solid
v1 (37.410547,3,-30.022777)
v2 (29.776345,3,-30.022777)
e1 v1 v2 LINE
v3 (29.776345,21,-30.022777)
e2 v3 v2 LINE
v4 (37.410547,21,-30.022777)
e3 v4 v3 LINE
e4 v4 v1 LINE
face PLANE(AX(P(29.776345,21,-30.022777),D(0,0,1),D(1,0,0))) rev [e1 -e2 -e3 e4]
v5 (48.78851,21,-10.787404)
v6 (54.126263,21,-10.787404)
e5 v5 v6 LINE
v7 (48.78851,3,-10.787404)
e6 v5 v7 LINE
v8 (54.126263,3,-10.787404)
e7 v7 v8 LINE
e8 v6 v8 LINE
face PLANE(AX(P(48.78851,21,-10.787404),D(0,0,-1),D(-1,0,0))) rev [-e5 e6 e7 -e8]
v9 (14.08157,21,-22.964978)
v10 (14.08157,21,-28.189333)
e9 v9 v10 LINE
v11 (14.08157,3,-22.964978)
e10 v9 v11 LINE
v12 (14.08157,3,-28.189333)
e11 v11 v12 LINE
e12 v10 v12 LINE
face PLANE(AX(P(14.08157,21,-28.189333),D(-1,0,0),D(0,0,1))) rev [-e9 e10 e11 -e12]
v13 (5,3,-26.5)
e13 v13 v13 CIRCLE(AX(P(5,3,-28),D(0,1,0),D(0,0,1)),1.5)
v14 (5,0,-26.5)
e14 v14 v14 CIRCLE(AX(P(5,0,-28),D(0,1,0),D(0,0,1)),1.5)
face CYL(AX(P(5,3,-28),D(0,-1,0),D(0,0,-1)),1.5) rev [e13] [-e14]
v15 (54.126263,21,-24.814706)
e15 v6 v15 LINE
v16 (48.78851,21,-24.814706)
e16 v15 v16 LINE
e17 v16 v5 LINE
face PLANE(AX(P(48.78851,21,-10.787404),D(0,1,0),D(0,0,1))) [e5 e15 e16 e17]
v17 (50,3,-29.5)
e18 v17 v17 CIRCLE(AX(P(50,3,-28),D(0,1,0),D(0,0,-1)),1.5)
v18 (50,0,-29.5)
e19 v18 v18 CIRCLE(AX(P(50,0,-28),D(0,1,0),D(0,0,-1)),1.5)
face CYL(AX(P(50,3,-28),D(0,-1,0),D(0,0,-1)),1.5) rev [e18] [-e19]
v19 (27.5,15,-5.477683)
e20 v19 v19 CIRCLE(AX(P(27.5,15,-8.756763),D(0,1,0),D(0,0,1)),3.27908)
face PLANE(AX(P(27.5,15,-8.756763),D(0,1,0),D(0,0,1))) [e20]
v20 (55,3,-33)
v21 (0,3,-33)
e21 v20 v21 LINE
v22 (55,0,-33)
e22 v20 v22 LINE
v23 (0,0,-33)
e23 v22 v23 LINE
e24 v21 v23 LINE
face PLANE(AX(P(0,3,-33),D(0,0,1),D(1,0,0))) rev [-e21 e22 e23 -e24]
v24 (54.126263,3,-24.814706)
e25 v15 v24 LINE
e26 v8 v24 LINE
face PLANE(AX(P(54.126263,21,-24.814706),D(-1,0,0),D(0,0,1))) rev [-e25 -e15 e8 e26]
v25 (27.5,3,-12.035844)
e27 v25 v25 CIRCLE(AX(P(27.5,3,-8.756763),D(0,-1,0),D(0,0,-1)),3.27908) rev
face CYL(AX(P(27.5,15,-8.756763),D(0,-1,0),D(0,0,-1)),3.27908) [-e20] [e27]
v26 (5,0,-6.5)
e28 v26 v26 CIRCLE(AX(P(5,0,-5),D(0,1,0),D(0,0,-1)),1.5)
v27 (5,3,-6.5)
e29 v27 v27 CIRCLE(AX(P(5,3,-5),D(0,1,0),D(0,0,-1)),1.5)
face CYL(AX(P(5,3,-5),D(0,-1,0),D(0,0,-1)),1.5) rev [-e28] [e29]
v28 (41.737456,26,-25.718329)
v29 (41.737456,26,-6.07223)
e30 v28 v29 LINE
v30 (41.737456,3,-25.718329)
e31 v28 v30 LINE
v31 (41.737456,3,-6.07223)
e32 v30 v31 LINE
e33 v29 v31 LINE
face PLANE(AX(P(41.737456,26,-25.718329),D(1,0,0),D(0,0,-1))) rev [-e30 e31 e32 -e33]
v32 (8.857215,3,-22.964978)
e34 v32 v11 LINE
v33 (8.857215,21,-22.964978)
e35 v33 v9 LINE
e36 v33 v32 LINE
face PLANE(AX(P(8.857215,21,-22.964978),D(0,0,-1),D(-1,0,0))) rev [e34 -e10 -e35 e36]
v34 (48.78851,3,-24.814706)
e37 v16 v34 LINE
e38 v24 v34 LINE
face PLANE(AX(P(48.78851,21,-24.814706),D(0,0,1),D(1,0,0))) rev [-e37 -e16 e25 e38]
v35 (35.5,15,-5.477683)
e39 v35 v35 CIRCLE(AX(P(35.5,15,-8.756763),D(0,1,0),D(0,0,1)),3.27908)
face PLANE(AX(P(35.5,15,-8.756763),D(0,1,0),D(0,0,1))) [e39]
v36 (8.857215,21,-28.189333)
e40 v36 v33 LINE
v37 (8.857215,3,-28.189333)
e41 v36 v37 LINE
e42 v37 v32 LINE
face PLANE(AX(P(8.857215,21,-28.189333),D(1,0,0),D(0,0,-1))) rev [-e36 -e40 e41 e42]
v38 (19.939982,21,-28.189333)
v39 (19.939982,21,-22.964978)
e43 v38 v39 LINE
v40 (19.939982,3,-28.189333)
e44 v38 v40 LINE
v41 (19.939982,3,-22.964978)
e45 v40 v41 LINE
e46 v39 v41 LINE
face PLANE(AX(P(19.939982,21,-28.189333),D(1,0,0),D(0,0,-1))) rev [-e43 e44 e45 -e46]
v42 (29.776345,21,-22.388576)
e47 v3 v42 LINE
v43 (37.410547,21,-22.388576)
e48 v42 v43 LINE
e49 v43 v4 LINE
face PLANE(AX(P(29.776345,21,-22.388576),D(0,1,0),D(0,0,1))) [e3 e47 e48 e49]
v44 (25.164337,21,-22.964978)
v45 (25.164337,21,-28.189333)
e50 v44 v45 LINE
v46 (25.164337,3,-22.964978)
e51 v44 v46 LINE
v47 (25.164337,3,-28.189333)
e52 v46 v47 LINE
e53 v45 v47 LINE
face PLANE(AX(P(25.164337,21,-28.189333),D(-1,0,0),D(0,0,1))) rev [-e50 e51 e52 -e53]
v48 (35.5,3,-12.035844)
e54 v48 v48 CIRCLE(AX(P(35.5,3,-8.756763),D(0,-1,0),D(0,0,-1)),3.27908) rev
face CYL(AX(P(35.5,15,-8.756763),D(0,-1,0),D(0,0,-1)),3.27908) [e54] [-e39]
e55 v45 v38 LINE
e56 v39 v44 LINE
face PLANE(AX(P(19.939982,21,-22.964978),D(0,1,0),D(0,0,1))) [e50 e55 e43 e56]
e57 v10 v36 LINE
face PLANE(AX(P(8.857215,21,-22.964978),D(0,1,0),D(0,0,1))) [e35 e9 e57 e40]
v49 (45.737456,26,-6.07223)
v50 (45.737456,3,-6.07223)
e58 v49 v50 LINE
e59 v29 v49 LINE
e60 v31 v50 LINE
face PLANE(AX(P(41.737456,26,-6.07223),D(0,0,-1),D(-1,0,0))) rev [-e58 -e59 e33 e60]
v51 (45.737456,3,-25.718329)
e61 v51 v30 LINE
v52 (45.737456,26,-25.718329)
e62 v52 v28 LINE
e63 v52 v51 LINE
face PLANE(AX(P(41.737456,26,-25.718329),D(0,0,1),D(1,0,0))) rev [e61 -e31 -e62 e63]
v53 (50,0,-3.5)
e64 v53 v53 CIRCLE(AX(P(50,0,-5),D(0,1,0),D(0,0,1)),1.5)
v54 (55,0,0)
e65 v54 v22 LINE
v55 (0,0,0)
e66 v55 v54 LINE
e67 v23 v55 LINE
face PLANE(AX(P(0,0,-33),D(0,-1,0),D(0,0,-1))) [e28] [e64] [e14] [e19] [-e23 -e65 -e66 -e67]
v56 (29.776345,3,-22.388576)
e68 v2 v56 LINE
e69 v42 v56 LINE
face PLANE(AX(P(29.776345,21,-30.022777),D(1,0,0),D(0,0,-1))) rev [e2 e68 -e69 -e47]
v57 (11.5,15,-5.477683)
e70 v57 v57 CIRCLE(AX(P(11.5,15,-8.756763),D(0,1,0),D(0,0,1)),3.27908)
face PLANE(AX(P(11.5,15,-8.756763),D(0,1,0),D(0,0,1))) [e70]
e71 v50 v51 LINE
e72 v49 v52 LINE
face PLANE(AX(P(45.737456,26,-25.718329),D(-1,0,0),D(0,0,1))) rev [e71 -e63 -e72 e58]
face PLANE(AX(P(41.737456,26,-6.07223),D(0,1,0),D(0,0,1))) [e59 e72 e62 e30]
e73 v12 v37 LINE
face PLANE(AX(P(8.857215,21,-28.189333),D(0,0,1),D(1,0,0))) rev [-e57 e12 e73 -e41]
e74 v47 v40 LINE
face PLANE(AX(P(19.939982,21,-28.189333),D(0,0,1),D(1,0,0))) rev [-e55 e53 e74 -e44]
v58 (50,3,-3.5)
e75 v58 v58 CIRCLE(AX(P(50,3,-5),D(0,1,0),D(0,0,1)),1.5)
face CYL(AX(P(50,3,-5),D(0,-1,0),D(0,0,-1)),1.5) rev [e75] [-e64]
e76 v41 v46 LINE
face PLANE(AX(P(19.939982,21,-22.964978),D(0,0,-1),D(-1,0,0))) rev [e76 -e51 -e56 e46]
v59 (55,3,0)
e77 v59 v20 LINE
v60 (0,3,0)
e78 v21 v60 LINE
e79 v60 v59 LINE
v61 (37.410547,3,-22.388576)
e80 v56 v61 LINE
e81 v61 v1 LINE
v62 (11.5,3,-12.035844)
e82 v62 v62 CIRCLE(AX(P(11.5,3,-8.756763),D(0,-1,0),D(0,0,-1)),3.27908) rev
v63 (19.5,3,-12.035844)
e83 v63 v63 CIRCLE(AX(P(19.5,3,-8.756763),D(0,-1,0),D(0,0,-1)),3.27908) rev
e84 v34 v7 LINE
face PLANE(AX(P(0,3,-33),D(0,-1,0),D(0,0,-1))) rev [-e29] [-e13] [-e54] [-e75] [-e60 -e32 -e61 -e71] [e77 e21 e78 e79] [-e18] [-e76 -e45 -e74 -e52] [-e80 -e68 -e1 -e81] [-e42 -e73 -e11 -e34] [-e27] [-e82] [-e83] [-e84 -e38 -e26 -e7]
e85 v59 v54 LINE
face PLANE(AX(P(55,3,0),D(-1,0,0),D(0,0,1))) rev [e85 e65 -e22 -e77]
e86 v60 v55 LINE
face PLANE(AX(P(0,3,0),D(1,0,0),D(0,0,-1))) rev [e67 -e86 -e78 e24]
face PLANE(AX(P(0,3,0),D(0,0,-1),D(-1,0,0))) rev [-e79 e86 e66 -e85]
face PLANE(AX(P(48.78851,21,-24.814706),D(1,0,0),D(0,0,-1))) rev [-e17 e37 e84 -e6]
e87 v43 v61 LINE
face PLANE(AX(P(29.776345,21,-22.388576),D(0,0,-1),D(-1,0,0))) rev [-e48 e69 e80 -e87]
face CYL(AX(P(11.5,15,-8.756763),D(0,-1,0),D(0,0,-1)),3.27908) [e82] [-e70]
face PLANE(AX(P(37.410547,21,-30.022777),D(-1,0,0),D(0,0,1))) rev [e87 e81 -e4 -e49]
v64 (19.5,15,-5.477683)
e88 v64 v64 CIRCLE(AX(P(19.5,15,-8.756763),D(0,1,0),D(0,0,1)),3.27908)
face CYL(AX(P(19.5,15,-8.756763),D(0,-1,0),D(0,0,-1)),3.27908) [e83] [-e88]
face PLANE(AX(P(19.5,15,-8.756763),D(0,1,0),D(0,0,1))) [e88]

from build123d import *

# Parameters (mm, degrees)
ESQUISSE1_W      = 55
ESQUISSE1_H      = 33
ESQUISSE1_R      = 1.5
EXTRUSION1_DEPTH = 3
ESQUISSE2_W      = 7.634201779
ESQUISSE2_H      = 7.63420178
ESQUISSE2_W_2    = 5.337752956
ESQUISSE2_H_2    = 14.027301674
ESQUISSE2_W_3    = 5.224355128
ESQUISSE2_H_3    = 5.224355128
EXTRUSION2_DEPTH = 18
ESQUISSE3_R      = 3.279080348
EXTRUSION3_DEPTH = 12
ESQUISSE4_W      = 4
ESQUISSE4_H      = 19.646099489
EXTRUSION4_DEPTH = 23


with BuildPart() as part:
    # Esquisse1 → Extrusion1 (new body)
    with BuildSketch(Plane(origin=(0, 0, 0), x_dir=(1, 0, 0), z_dir=(0, 1, 0))):
        with Locations((27.5, 16.5)):
            Rectangle(ESQUISSE1_W, ESQUISSE1_H)
        with Locations((5, 28)):
            Circle(ESQUISSE1_R, mode=Mode.SUBTRACT)
        with Locations((50, 28)):
            Circle(ESQUISSE1_R, mode=Mode.SUBTRACT)
        with Locations((50, 5)):
            Circle(ESQUISSE1_R, mode=Mode.SUBTRACT)
        with Locations((5, 5)):
            Circle(ESQUISSE1_R, mode=Mode.SUBTRACT)
    extrude(amount=EXTRUSION1_DEPTH)

    # Esquisse2 → Extrusion2 (add)
    with BuildSketch(Plane(origin=(0, 3, 0), x_dir=(1, 0, 0), z_dir=(0, 1, 0))):
        with Locations((33.593446124, 26.205676479)):
            Rectangle(ESQUISSE2_W, ESQUISSE2_H)
        with Locations((51.457386868, 17.801055276)):
            Rectangle(ESQUISSE2_W_2, ESQUISSE2_H_2)
        with Locations((11.46939236, 25.577155504)):
            Rectangle(ESQUISSE2_W_3, ESQUISSE2_H_3)
        with Locations((22.552159567, 25.577155504)):
            Rectangle(ESQUISSE2_W_3, ESQUISSE2_H_3)
    extrude(amount=EXTRUSION2_DEPTH)

    # Esquisse3 → Extrusion3 (add)
    with BuildSketch(Plane(origin=(0, 3, 0), x_dir=(1, 0, 0), z_dir=(0, 1, 0))):
        with Locations((11.5, 8.756763264)):
            Circle(ESQUISSE3_R)
        with Locations((19.5, 8.756763264)):
            Circle(ESQUISSE3_R)
        with Locations((27.5, 8.756763264)):
            Circle(ESQUISSE3_R)
        with Locations((35.5, 8.756763264)):
            Circle(ESQUISSE3_R)
    extrude(amount=EXTRUSION3_DEPTH)

    # Esquisse4 → Extrusion4 (add)
    with BuildSketch(Plane(origin=(0, 3, 0), x_dir=(1, 0, 0), z_dir=(0, 1, 0))):
        with Locations((43.737455539, 15.895279312)):
            Rectangle(ESQUISSE4_W, ESQUISSE4_H)
    extrude(amount=EXTRUSION4_DEPTH)


solid = part.part
